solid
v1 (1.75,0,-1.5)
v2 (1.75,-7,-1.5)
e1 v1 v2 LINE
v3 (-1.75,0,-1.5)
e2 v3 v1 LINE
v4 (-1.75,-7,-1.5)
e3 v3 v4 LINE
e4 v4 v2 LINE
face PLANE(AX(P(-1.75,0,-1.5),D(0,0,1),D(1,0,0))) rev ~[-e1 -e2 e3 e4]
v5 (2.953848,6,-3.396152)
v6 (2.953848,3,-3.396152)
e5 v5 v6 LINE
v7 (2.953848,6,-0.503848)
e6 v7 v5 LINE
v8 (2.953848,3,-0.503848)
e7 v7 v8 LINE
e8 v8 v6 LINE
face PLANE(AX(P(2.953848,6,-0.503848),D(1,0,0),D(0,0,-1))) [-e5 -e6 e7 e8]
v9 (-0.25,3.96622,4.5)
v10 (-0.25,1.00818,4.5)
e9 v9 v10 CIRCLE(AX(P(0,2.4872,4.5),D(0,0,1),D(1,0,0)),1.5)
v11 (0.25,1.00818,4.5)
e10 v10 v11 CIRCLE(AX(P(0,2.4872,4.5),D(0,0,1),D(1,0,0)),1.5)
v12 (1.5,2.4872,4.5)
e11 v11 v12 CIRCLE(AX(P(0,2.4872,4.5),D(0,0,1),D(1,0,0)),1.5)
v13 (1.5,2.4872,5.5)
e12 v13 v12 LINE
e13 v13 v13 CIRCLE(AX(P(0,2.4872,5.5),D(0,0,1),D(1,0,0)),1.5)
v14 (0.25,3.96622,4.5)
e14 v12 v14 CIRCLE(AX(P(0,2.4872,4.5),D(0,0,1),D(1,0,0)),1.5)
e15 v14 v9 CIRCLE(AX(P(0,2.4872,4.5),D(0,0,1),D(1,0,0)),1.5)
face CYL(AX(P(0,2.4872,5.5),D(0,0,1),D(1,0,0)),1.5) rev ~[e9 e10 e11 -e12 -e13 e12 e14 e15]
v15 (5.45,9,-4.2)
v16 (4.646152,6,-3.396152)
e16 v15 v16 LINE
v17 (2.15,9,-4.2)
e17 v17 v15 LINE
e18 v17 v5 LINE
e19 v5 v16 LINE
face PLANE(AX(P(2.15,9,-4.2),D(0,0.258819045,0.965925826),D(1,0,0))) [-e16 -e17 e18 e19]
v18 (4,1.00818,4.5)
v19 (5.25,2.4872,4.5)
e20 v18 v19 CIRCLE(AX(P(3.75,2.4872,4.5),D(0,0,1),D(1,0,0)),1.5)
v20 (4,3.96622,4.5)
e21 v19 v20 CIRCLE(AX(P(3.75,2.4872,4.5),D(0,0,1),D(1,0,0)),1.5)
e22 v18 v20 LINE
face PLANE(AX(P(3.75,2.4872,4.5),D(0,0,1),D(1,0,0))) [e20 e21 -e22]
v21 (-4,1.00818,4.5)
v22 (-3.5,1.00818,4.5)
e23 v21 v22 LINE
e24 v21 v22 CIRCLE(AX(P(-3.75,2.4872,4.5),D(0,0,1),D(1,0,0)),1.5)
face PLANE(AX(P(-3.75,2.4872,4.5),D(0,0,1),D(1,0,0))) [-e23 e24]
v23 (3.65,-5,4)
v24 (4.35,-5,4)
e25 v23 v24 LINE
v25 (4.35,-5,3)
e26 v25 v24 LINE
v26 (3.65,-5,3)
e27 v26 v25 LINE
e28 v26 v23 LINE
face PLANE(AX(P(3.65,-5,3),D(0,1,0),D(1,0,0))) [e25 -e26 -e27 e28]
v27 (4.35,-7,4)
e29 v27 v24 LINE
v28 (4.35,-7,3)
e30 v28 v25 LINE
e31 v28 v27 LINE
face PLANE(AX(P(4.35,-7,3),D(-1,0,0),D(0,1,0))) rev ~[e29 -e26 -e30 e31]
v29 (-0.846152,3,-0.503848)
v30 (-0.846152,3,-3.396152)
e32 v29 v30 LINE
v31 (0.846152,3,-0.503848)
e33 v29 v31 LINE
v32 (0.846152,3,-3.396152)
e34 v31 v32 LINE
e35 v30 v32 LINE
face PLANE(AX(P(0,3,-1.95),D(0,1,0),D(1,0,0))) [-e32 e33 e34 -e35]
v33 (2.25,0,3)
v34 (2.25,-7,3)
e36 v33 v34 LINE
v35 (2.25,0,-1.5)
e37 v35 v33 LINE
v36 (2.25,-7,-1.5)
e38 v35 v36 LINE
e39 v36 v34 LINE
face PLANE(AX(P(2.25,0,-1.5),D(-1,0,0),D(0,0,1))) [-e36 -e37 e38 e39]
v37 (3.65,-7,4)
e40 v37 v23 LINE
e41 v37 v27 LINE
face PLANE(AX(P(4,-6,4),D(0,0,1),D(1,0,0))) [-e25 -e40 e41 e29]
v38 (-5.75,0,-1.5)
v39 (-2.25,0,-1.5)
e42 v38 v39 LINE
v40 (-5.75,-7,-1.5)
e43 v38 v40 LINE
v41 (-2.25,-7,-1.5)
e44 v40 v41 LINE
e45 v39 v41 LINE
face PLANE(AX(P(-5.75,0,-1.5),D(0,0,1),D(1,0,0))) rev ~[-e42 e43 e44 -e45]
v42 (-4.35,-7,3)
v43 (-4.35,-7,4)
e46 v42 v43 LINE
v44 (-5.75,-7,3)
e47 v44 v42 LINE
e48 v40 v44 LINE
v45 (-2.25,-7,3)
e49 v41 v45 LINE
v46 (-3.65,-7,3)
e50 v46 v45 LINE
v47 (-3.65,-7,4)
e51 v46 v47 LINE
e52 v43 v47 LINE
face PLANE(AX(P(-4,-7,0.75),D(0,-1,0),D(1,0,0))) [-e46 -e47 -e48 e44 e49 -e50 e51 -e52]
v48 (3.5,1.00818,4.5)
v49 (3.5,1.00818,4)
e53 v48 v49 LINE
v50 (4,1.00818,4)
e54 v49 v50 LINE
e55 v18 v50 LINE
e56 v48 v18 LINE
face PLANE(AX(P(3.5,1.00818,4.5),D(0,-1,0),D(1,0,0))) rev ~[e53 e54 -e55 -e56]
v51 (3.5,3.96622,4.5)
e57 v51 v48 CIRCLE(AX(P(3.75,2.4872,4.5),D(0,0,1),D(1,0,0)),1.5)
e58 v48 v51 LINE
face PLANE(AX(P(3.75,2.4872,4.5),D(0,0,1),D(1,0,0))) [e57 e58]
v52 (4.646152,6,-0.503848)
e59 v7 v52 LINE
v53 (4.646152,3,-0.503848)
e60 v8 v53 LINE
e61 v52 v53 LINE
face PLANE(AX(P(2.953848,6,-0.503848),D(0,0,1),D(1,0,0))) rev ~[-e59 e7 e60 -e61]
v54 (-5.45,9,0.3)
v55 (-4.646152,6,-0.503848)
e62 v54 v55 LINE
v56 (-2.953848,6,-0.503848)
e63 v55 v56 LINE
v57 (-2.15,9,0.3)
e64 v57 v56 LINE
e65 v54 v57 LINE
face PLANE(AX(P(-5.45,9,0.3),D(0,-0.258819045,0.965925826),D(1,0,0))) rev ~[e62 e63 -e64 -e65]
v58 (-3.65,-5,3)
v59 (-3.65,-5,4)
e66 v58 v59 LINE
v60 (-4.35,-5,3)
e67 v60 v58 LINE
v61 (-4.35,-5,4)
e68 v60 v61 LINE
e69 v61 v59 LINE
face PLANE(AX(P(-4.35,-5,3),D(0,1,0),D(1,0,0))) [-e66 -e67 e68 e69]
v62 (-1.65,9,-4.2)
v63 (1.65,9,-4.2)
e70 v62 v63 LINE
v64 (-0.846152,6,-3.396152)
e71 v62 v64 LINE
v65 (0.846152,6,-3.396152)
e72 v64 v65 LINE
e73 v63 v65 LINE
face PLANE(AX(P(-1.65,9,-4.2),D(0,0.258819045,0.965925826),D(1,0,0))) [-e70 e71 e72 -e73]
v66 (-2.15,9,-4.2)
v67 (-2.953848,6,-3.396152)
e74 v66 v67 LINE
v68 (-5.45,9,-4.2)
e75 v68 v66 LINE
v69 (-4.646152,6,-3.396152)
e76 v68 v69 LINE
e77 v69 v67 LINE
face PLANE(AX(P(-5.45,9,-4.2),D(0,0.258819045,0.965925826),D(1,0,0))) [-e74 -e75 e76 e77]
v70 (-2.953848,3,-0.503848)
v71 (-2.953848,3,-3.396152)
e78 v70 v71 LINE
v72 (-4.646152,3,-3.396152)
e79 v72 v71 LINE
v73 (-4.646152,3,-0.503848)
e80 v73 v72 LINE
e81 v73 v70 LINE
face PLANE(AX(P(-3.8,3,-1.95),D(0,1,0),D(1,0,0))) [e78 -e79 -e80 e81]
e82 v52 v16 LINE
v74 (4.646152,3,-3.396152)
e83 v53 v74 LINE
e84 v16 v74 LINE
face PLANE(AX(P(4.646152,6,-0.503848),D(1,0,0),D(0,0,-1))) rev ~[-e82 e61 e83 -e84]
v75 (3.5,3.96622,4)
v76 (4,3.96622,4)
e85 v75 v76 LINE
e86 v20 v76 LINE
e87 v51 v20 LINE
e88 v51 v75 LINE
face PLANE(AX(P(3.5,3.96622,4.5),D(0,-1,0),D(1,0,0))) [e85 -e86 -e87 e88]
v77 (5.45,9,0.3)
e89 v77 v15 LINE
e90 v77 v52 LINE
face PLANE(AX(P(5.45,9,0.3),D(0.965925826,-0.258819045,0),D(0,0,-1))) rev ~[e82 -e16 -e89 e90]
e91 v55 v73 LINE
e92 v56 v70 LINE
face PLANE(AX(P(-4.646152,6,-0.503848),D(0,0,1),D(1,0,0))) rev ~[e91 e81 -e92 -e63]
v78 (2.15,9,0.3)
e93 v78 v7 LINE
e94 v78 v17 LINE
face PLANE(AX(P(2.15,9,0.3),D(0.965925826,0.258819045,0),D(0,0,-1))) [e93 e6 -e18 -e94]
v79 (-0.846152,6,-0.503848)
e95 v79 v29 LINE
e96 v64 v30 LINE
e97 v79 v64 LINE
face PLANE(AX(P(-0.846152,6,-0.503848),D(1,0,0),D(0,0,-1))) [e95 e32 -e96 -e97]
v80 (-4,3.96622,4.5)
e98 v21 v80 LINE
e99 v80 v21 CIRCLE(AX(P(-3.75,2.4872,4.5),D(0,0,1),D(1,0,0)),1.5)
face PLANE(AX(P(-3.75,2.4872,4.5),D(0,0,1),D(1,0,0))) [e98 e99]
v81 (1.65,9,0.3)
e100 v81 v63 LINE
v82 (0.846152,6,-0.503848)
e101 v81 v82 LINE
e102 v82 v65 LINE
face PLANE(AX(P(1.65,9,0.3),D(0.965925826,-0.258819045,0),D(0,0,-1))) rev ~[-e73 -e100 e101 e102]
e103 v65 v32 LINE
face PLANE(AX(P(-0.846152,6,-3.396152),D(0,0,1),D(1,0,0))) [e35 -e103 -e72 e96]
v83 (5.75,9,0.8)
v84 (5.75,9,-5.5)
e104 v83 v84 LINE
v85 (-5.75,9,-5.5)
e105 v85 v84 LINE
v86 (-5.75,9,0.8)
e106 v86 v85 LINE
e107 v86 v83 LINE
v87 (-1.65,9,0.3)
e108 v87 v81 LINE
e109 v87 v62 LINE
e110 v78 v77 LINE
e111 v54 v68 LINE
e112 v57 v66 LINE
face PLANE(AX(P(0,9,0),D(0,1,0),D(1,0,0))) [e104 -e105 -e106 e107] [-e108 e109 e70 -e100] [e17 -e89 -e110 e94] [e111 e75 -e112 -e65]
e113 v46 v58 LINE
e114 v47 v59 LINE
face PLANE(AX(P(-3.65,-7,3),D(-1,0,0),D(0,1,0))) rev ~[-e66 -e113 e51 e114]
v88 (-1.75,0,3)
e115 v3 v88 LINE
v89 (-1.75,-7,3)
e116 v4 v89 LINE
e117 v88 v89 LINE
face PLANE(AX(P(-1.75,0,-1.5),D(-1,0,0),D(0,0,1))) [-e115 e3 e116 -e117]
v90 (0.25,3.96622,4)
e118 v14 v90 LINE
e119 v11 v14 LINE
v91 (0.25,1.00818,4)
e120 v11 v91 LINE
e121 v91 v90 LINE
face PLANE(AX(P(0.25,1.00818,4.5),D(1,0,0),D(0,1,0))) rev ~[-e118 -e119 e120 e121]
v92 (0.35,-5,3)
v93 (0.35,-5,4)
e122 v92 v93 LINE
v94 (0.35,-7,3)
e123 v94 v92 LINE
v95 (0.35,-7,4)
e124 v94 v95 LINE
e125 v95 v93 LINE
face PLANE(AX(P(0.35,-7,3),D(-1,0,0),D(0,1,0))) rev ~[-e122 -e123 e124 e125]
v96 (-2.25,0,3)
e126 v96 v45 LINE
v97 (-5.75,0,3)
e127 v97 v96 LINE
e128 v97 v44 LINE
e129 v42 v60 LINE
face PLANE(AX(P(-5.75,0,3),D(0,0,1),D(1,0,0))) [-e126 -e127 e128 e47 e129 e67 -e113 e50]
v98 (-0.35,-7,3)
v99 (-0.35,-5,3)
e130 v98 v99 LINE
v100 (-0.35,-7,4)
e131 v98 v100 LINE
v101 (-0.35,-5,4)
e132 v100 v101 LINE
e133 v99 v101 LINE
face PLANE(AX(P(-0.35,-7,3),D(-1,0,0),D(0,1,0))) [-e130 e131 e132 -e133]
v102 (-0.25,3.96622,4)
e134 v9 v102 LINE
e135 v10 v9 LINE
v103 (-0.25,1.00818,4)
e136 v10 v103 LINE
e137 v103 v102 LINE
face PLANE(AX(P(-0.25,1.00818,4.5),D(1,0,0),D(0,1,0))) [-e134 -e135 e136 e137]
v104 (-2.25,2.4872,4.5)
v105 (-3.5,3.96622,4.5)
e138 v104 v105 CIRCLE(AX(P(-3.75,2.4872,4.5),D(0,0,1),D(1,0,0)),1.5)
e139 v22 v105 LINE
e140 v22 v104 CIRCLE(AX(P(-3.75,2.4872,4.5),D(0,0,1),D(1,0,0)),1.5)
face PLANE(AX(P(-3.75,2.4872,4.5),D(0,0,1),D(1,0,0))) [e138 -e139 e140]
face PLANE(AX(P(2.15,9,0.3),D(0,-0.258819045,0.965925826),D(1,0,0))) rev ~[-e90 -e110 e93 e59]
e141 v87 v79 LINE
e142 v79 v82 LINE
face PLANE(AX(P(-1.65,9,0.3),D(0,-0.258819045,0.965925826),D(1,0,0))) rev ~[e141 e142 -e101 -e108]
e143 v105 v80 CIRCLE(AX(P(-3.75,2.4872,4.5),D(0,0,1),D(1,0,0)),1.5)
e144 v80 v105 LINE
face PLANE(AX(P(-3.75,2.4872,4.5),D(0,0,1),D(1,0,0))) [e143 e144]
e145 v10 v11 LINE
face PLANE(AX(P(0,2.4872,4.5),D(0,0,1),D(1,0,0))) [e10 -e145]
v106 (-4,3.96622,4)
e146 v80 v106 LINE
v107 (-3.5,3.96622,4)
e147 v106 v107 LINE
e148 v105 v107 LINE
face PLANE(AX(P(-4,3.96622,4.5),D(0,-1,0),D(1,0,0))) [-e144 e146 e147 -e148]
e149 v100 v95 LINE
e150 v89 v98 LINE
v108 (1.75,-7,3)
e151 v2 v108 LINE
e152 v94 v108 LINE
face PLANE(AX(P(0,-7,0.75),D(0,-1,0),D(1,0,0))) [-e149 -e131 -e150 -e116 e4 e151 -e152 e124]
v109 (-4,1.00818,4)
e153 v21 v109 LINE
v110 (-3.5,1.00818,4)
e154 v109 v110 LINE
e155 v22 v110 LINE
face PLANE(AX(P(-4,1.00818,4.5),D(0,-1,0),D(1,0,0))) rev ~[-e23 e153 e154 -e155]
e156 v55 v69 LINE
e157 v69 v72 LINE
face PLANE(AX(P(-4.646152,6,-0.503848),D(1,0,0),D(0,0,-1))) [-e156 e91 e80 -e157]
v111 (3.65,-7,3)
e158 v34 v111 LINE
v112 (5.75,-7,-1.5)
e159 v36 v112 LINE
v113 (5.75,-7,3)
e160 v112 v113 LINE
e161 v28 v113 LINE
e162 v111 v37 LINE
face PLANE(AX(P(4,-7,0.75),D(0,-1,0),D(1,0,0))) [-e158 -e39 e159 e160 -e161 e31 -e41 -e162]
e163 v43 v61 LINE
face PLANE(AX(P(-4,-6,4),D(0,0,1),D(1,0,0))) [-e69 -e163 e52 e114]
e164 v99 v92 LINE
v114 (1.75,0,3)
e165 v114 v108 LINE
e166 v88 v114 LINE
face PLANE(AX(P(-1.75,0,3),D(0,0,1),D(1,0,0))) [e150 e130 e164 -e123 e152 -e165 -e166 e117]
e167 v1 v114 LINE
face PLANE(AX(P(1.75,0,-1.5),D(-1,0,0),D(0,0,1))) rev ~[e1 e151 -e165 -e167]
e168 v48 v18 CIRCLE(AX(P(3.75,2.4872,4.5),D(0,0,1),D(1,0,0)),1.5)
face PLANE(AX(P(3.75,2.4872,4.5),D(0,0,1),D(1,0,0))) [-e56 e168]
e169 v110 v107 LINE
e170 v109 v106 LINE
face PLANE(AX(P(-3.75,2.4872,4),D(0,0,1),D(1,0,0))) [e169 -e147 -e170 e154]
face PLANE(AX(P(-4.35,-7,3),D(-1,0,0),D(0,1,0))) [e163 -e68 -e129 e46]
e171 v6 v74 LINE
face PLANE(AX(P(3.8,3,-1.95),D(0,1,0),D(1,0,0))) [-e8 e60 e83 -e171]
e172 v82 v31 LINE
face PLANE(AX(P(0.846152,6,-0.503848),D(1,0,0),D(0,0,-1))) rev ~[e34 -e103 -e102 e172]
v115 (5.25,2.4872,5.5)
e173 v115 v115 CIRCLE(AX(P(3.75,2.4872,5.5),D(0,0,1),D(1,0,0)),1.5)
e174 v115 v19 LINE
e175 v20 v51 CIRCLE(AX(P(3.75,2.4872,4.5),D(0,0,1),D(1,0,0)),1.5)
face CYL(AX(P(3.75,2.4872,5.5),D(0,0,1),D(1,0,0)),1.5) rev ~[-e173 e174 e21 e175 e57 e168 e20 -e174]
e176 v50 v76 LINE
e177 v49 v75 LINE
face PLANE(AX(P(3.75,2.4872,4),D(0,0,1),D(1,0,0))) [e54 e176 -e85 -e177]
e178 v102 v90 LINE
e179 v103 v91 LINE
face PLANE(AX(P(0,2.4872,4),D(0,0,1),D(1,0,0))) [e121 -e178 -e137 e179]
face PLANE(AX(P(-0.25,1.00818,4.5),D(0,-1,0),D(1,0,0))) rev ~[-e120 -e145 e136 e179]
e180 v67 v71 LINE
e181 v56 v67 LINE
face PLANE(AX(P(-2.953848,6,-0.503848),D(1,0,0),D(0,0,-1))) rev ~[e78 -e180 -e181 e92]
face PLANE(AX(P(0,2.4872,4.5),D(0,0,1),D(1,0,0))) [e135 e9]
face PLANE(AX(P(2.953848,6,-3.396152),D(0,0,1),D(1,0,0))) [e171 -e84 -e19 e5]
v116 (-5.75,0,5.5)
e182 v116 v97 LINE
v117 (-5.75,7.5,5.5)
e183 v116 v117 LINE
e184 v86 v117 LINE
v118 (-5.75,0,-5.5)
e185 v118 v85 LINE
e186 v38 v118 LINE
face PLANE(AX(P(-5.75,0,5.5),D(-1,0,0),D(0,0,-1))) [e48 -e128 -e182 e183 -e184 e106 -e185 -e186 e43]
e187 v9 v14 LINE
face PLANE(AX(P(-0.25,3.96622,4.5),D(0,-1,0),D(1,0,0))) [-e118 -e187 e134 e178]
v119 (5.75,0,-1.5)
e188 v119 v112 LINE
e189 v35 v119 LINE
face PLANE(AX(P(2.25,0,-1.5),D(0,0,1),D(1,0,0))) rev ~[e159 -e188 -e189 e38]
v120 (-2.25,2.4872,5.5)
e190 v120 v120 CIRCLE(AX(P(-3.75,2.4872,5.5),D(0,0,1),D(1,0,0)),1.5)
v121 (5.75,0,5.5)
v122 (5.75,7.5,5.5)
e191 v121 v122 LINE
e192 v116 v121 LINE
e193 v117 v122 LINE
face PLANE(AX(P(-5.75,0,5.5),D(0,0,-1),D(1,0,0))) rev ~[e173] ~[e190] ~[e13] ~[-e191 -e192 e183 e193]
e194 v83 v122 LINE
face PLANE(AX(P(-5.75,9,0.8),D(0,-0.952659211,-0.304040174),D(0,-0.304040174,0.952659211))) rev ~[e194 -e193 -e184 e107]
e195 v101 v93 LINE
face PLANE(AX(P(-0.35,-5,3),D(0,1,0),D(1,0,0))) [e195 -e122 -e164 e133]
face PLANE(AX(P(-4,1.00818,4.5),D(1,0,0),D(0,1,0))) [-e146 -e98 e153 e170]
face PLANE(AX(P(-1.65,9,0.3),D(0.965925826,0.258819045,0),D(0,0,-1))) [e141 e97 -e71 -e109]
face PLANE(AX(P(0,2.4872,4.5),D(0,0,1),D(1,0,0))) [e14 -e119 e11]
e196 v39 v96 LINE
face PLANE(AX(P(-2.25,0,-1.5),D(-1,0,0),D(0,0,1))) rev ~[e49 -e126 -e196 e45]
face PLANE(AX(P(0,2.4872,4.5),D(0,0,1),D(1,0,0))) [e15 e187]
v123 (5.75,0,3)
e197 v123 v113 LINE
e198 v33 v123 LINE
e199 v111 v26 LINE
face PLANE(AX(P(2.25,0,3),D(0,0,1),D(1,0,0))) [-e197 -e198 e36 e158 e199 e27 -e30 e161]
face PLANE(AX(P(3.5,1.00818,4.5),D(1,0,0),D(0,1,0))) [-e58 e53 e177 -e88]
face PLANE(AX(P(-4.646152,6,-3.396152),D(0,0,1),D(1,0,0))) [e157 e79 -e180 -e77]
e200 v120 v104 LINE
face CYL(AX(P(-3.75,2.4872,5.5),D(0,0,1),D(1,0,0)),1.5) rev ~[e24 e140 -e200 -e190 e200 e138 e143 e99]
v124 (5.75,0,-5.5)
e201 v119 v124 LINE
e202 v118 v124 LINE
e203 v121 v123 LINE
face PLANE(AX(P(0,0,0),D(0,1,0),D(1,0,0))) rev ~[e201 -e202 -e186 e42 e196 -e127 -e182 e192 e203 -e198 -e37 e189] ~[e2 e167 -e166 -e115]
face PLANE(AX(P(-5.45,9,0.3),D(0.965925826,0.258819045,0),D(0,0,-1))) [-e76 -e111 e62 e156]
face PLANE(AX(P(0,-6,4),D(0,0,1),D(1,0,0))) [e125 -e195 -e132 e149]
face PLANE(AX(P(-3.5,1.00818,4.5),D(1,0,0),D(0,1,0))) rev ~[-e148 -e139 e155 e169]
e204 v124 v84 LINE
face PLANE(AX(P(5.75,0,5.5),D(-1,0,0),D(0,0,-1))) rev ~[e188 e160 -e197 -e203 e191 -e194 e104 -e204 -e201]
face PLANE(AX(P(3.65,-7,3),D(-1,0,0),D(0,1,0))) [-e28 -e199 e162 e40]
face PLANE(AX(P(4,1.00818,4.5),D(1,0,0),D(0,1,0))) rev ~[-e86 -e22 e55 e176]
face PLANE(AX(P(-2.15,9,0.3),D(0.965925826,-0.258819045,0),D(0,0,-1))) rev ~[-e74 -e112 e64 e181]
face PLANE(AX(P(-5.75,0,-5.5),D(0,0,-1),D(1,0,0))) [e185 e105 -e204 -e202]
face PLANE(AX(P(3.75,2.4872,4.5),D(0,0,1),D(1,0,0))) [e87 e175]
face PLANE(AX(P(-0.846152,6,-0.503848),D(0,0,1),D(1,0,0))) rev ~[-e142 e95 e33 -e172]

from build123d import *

# Parameters (mm, degrees)
SKETCH1_W                    = 11.5
SKETCH1_H                    = 11
BOSS_EXTRUDE1_DEPTH          = 9
SKETCH2_W                    = 3.5
SKETCH2_H                    = 4.5
BOSS_EXTRUDE2_DEPTH          = 7
SKETCH3_W                    = 3.3
SKETCH3_H                    = 4.5
CUT_EXTRUDE1_DEPTH           = 3
CUT_EXTRUDE1_DRAFT           = -15
CUT_EXTRUDE1_PROFILE_2_DEPTH = 3
CUT_EXTRUDE1_PROFILE_2_DRAFT = -15
CUT_EXTRUDE1_PROFILE_3_DEPTH = 3
CUT_EXTRUDE1_PROFILE_3_DRAFT = -15
SKETCH4_W                    = 1.692304846
SKETCH4_H                    = 2.892304846
CUT_EXTRUDE2_DEPTH           = 3
CUT_EXTRUDE3_DEPTH           = 17
SKETCH6_R                    = 1.5
CUT_EXTRUDE4_DEPTH           = 1
SKETCH7_W                    = 0.5
SKETCH7_H                    = 2.958039891
CUT_EXTRUDE5_DEPTH           = 0.5
SKETCH8_W                    = 0.7
SKETCH8_H                    = 2
BOSS_EXTRUDE3_DEPTH          = 1


with BuildPart() as part:
    # Sketch1 → Boss-Extrude1 (new body)
    with BuildSketch(Plane(origin=(0, 0, 0), x_dir=(1, 0, 0), z_dir=(0, 1, 0))):
        Rectangle(SKETCH1_W, SKETCH1_H)
    extrude(amount=BOSS_EXTRUDE1_DEPTH)

    # Sketch2 → Boss-Extrude2 (add)
    with BuildSketch(Plane.XZ):
        with Locations((-4, 0.75)):
            Rectangle(SKETCH2_W, SKETCH2_H)
        with Locations((4, 0.75)):
            Rectangle(SKETCH2_W, SKETCH2_H)
        with Locations((0, 0.75)):
            Rectangle(SKETCH2_W, SKETCH2_H)
    extrude(amount=BOSS_EXTRUDE2_DEPTH)


with BuildPart() as cut_extrude1_tool:
    # Sketch3 → Cut-Extrude1 (with draft: the straight prism first)
    with BuildSketch(Plane(origin=(0, 9, 0), x_dir=(1, 0, 0), z_dir=(0, 1, 0))):
        with Locations((3.8, 1.95)):
            Rectangle(SKETCH3_W, SKETCH3_H)
    extrude(amount=-CUT_EXTRUDE1_DEPTH)
    # Cut-Extrude1: the draft: its side faces are tilted about the plane it starts from
    cut_extrude1_sides = [cut_extrude1_tool.faces().sort_by_distance(p)[0] for p in [
        (3.8, 7.5, -4.2),
        (2.15, 7.5, -1.95),
        (3.8, 7.5, 0.3),
        (5.45, 7.5, -1.95),
    ]]
    draft(cut_extrude1_sides, Plane(origin=(0, 9, 0), x_dir=(1, 0, 0), z_dir=(0, 1, 0)), CUT_EXTRUDE1_DRAFT)


with BuildPart() as part_1:
    add(part.part)

    # Cut-Extrude1: cut by cut_extrude1_tool
    add(cut_extrude1_tool.part, mode=Mode.SUBTRACT)


with BuildPart() as cut_extrude1_profile_2_tool:
    # Sketch3 → Cut-Extrude1 profile 2 (with draft: the straight prism first)
    with BuildSketch(Plane(origin=(0, 9, 0), x_dir=(1, 0, 0), z_dir=(0, 1, 0))):
        with Locations((-3.8, 1.95)):
            Rectangle(SKETCH3_W, SKETCH3_H)
    extrude(amount=-CUT_EXTRUDE1_PROFILE_2_DEPTH)
    # Cut-Extrude1 profile 2: the draft: its side faces are tilted about the plane it starts from
    cut_extrude1_profile_2_sides = [cut_extrude1_profile_2_tool.faces().sort_by_distance(p)[0] for p in [
        (-3.8, 7.5, -4.2),
        (-5.45, 7.5, -1.95),
        (-3.8, 7.5, 0.3),
        (-2.15, 7.5, -1.95),
    ]]
    draft(cut_extrude1_profile_2_sides, Plane(origin=(0, 9, 0), x_dir=(1, 0, 0), z_dir=(0, 1, 0)), CUT_EXTRUDE1_PROFILE_2_DRAFT)


with BuildPart() as part_2:
    add(part_1.part)

    # Cut-Extrude1 profile 2: cut by cut_extrude1_profile_2_tool
    add(cut_extrude1_profile_2_tool.part, mode=Mode.SUBTRACT)


with BuildPart() as cut_extrude1_profile_3_tool:
    # Sketch3 → Cut-Extrude1 profile 3 (with draft: the straight prism first)
    with BuildSketch(Plane(origin=(0, 9, 0), x_dir=(1, 0, 0), z_dir=(0, 1, 0))):
        with Locations((0, 1.95)):
            Rectangle(SKETCH3_W, SKETCH3_H)
    extrude(amount=-CUT_EXTRUDE1_PROFILE_3_DEPTH)
    # Cut-Extrude1 profile 3: the draft: its side faces are tilted about the plane it starts from
    cut_extrude1_profile_3_sides = [cut_extrude1_profile_3_tool.faces().sort_by_distance(p)[0] for p in [
        (-1.65, 7.5, -1.95),
        (0, 7.5, 0.3),
        (1.65, 7.5, -1.95),
        (0, 7.5, -4.2),
    ]]
    draft(cut_extrude1_profile_3_sides, Plane(origin=(0, 9, 0), x_dir=(1, 0, 0), z_dir=(0, 1, 0)), CUT_EXTRUDE1_PROFILE_3_DRAFT)


with BuildPart() as part_3:
    add(part_2.part)

    # Cut-Extrude1 profile 3: cut by cut_extrude1_profile_3_tool
    add(cut_extrude1_profile_3_tool.part, mode=Mode.SUBTRACT)

    # Sketch4 → Cut-Extrude2 (cut)
    with BuildSketch(Plane(origin=(0, 6, 0), x_dir=(1, 0, 0), z_dir=(0, 1, 0))):
        with Locations((-3.8, 1.95)):
            Rectangle(SKETCH4_W, SKETCH4_H)
        with Locations((3.8, 1.95)):
            Rectangle(SKETCH4_W, SKETCH4_H)
        with Locations((0, 1.95)):
            Rectangle(SKETCH4_W, SKETCH4_H)
    extrude(amount=-CUT_EXTRUDE2_DEPTH, mode=Mode.SUBTRACT)

    # Sketch5 → Cut-Extrude3 (cut)
    with BuildSketch(Plane.ZY.offset(5.75)):
        Polygon((5.5, 9), (0.8, 9), (5.5, 7.5), align=None)
    extrude(amount=-CUT_EXTRUDE3_DEPTH, mode=Mode.SUBTRACT)

    # Sketch6 → Cut-Extrude4 (cut)
    with BuildSketch(Plane.XY.offset(5.5)):
        with Locations((-3.75, 2.487199689)):
            Circle(SKETCH6_R)
        with Locations((0, 2.487199689)):
            Circle(SKETCH6_R)
        with Locations((3.75, 2.487199689)):
            Circle(SKETCH6_R)
    extrude(amount=-CUT_EXTRUDE4_DEPTH, mode=Mode.SUBTRACT)

    # Sketch7 → Cut-Extrude5 (cut)
    with BuildSketch(Plane.XY.offset(4.5)):
        with Locations((-3.75, 2.487199689)):
            Rectangle(SKETCH7_W, SKETCH7_H)
        with Locations((0, 2.487199689)):
            Rectangle(SKETCH7_W, SKETCH7_H)
        with Locations((3.75, 2.487199689)):
            Rectangle(SKETCH7_W, SKETCH7_H)
    extrude(amount=-CUT_EXTRUDE5_DEPTH, mode=Mode.SUBTRACT)

    # Sketch8 → Boss-Extrude3 (add)
    with BuildSketch(Plane.XY.offset(3)):
        with Locations((4, -6)):
            Rectangle(SKETCH8_W, SKETCH8_H)
        with Locations((-4, -6)):
            Rectangle(SKETCH8_W, SKETCH8_H)
        with Locations((0, -6)):
            Rectangle(SKETCH8_W, SKETCH8_H)
    extrude(amount=BOSS_EXTRUDE3_DEPTH)


solid = part_3.part
